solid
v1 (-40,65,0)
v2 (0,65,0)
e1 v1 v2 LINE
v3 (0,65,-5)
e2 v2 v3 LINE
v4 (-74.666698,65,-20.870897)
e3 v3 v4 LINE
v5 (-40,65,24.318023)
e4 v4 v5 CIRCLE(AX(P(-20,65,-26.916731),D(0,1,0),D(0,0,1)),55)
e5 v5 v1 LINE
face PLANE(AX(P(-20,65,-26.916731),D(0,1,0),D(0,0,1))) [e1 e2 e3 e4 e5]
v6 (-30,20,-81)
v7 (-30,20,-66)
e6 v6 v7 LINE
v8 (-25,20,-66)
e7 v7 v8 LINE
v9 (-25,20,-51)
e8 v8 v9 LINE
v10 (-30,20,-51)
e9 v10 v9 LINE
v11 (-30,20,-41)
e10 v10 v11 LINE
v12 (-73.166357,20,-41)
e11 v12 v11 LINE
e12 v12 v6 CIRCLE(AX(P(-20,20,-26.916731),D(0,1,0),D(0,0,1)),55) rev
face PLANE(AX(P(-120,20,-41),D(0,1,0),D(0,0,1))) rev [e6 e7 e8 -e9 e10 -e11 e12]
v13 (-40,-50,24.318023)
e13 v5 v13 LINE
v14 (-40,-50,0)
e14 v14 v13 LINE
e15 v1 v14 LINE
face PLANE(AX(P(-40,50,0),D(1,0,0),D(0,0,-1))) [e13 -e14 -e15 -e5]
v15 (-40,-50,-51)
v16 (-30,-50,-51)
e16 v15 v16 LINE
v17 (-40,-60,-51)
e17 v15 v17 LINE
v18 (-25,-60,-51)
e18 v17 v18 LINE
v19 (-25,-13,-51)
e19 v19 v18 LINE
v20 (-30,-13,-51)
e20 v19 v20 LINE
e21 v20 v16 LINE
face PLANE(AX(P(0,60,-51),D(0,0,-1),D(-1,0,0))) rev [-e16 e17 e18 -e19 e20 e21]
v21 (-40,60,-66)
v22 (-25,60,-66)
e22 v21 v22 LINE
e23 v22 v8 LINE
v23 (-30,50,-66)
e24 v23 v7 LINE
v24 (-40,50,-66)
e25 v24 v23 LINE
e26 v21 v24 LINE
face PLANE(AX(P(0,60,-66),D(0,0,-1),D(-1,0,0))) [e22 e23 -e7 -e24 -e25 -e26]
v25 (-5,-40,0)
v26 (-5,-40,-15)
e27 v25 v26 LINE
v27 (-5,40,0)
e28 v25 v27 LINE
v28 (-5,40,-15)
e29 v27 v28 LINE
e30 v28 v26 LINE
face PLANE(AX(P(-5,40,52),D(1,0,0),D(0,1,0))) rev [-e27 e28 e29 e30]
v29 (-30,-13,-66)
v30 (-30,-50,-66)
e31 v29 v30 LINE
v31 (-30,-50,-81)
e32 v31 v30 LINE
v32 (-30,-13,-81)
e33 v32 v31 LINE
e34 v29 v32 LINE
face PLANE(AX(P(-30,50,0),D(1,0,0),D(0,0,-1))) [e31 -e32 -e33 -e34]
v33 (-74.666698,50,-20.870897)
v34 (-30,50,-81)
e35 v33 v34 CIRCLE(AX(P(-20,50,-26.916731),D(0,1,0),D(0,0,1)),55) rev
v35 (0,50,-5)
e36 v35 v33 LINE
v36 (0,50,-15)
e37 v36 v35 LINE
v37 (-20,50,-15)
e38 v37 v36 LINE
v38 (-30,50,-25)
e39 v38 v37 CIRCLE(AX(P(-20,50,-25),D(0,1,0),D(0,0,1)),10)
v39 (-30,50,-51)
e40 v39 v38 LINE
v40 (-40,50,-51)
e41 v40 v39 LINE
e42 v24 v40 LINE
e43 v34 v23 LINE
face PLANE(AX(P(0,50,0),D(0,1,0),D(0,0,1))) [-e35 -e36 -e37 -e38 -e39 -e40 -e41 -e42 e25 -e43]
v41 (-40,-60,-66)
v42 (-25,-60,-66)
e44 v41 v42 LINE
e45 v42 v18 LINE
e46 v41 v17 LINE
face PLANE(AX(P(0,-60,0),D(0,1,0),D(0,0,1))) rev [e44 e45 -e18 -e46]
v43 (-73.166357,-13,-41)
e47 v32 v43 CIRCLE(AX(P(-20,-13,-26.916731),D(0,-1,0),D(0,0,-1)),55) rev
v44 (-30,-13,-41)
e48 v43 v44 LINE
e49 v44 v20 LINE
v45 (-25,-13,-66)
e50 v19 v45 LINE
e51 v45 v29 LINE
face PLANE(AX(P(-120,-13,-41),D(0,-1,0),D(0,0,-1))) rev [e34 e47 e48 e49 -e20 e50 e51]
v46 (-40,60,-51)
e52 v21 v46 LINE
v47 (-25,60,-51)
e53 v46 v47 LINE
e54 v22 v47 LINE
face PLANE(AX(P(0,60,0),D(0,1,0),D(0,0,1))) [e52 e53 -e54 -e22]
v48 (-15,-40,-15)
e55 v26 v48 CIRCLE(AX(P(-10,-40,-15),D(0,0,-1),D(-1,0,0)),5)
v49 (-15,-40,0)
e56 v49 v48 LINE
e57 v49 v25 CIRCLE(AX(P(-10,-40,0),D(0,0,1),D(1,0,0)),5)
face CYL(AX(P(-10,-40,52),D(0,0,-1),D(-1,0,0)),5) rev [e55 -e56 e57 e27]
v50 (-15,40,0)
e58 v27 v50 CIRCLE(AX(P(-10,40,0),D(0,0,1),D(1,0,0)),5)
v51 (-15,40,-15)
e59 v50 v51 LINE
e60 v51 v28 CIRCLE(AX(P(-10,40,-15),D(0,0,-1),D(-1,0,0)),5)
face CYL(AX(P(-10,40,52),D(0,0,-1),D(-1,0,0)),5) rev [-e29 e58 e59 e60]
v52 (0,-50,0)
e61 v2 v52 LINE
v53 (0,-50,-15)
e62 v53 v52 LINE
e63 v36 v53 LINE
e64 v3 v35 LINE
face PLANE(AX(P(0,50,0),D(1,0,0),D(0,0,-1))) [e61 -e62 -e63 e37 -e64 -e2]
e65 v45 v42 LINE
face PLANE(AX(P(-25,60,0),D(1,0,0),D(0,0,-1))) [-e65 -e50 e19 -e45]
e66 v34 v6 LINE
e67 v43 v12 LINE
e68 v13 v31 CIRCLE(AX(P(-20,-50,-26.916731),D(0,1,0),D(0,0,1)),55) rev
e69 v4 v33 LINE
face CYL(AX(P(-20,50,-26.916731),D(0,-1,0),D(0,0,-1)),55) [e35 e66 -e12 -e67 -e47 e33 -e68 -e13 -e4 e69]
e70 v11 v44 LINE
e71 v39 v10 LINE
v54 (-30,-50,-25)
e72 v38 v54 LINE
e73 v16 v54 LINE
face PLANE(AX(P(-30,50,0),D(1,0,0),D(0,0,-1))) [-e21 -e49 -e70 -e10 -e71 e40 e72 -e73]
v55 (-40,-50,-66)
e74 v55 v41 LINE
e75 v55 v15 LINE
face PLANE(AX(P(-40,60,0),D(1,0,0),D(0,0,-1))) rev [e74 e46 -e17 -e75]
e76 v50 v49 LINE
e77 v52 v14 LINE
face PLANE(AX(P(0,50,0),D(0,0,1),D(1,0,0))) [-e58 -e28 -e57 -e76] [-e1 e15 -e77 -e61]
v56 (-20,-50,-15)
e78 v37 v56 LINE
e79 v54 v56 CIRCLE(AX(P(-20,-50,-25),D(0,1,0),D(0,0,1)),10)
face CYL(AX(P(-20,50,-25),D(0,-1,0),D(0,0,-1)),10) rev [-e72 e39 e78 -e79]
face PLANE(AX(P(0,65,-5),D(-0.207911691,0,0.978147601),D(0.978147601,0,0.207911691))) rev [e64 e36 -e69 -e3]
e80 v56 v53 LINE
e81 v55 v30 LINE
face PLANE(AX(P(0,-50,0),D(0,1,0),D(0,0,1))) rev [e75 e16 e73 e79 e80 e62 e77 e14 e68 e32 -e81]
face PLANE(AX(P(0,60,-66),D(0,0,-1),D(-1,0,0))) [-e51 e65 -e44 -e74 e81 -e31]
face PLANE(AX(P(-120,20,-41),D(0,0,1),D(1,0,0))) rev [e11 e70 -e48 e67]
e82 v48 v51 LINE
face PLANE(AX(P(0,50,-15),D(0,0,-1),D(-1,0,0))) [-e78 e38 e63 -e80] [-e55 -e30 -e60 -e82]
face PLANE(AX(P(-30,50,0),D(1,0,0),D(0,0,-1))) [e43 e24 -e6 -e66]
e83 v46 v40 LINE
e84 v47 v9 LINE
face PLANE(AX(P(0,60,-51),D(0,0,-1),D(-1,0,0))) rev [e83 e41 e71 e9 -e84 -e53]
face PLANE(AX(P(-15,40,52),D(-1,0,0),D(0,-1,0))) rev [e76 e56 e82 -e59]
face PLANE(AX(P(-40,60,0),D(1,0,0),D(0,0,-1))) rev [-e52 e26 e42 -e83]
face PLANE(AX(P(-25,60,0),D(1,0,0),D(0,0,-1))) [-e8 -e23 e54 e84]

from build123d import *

# Parameters (mm, degrees)
BOSS_EXTRUDE4_DEPTH = 50
SKETCH1_7_W         = 15
SKETCH1_7_H         = 15
BOSS_EXTRUDE5_DEPTH = 60
SKETCH5_W           = 40
SKETCH5_H           = 33
CUT_EXTRUDE1_DEPTH  = 120
BOSS_EXTRUDE6_START = 15
BOSS_EXTRUDE6_DEPTH = 15
CUT_EXTRUDE3_DEPTH  = 67


with BuildPart() as part:
    # Sketch1 → Boss-Extrude4 (new, symmetric)
    with BuildSketch(Plane(origin=(0, 0, 0), x_dir=(1, 0, 0), z_dir=(0, 1, 0))):
        with BuildLine():
            Line((0, 0), (0, 15))
            Line((0, 15), (-20, 15))
            ThreePointArc((-20, 15), (-27.071067812, 17.928932188), (-30, 25))
            Line((-30, 25), (-30, 51))
            Line((-30, 51), (-40, 51))
            Line((-40, 51), (-40, 66))
            Line((-40, 66), (-30, 66))
            Line((-30, 66), (-30, 81))
            ThreePointArc((-30, 81), (-74.753734942, 32.115625929), (-40, -24.318022962))
            Line((-40, -24.318022962), (-40, 0))
            Line((-40, 0), (0, 0))
        make_face()
    extrude(amount=BOSS_EXTRUDE4_DEPTH, both=True)

    # Sketch1<7> → Boss-Extrude5 (add, symmetric)
    with BuildSketch(Plane(origin=(0, 0, 0), x_dir=(1, 0, 0), z_dir=(0, 1, 0))):
        with Locations((-32.5, 58.5)):
            Rectangle(SKETCH1_7_W, SKETCH1_7_H)
    extrude(amount=BOSS_EXTRUDE5_DEPTH, both=True)

    # Sketch5 → Cut-Extrude1 (cut)
    with BuildSketch(Plane(origin=(0, 0, 0), x_dir=(0, 0, -1), z_dir=(1, 0, 0))):
        with Locations((61, 3.5)):
            Rectangle(SKETCH5_W, SKETCH5_H)
    extrude(amount=-CUT_EXTRUDE1_DEPTH, mode=Mode.SUBTRACT)

    # Sketch6 → Boss-Extrude6 (add)
    with BuildSketch(Plane(origin=(0, 50, 0), x_dir=(1, 0, 0), z_dir=(0, 1, 0)).offset(BOSS_EXTRUDE6_START)):
        with BuildLine():
            Line((0, 5), (-74.666698166, 20.870896633))
            ThreePointArc((-74.666698166, 20.870896633), (-63.638154949, -6.560297565), (-40, -24.318022962))
            Line((-40, -24.318022962), (-40, 0))
            Line((-40, 0), (0, 0))
            Line((0, 0), (0, 5))
        make_face()
    extrude(amount=-BOSS_EXTRUDE6_DEPTH)

    # Sketch8 → Cut-Extrude3 (cut)
    with BuildSketch(Plane(origin=(0, 0, -15), x_dir=(-1, 0, 0), z_dir=(0, 0, -1))):
        with BuildLine():
            Line((15, 40), (15, -40))
            ThreePointArc((15, -40), (10, -45), (5, -40))
            Line((5, -40), (5, 40))
            ThreePointArc((5, 40), (10, 45), (15, 40))
        make_face()
    extrude(amount=-CUT_EXTRUDE3_DEPTH, mode=Mode.SUBTRACT)


solid = part.part
